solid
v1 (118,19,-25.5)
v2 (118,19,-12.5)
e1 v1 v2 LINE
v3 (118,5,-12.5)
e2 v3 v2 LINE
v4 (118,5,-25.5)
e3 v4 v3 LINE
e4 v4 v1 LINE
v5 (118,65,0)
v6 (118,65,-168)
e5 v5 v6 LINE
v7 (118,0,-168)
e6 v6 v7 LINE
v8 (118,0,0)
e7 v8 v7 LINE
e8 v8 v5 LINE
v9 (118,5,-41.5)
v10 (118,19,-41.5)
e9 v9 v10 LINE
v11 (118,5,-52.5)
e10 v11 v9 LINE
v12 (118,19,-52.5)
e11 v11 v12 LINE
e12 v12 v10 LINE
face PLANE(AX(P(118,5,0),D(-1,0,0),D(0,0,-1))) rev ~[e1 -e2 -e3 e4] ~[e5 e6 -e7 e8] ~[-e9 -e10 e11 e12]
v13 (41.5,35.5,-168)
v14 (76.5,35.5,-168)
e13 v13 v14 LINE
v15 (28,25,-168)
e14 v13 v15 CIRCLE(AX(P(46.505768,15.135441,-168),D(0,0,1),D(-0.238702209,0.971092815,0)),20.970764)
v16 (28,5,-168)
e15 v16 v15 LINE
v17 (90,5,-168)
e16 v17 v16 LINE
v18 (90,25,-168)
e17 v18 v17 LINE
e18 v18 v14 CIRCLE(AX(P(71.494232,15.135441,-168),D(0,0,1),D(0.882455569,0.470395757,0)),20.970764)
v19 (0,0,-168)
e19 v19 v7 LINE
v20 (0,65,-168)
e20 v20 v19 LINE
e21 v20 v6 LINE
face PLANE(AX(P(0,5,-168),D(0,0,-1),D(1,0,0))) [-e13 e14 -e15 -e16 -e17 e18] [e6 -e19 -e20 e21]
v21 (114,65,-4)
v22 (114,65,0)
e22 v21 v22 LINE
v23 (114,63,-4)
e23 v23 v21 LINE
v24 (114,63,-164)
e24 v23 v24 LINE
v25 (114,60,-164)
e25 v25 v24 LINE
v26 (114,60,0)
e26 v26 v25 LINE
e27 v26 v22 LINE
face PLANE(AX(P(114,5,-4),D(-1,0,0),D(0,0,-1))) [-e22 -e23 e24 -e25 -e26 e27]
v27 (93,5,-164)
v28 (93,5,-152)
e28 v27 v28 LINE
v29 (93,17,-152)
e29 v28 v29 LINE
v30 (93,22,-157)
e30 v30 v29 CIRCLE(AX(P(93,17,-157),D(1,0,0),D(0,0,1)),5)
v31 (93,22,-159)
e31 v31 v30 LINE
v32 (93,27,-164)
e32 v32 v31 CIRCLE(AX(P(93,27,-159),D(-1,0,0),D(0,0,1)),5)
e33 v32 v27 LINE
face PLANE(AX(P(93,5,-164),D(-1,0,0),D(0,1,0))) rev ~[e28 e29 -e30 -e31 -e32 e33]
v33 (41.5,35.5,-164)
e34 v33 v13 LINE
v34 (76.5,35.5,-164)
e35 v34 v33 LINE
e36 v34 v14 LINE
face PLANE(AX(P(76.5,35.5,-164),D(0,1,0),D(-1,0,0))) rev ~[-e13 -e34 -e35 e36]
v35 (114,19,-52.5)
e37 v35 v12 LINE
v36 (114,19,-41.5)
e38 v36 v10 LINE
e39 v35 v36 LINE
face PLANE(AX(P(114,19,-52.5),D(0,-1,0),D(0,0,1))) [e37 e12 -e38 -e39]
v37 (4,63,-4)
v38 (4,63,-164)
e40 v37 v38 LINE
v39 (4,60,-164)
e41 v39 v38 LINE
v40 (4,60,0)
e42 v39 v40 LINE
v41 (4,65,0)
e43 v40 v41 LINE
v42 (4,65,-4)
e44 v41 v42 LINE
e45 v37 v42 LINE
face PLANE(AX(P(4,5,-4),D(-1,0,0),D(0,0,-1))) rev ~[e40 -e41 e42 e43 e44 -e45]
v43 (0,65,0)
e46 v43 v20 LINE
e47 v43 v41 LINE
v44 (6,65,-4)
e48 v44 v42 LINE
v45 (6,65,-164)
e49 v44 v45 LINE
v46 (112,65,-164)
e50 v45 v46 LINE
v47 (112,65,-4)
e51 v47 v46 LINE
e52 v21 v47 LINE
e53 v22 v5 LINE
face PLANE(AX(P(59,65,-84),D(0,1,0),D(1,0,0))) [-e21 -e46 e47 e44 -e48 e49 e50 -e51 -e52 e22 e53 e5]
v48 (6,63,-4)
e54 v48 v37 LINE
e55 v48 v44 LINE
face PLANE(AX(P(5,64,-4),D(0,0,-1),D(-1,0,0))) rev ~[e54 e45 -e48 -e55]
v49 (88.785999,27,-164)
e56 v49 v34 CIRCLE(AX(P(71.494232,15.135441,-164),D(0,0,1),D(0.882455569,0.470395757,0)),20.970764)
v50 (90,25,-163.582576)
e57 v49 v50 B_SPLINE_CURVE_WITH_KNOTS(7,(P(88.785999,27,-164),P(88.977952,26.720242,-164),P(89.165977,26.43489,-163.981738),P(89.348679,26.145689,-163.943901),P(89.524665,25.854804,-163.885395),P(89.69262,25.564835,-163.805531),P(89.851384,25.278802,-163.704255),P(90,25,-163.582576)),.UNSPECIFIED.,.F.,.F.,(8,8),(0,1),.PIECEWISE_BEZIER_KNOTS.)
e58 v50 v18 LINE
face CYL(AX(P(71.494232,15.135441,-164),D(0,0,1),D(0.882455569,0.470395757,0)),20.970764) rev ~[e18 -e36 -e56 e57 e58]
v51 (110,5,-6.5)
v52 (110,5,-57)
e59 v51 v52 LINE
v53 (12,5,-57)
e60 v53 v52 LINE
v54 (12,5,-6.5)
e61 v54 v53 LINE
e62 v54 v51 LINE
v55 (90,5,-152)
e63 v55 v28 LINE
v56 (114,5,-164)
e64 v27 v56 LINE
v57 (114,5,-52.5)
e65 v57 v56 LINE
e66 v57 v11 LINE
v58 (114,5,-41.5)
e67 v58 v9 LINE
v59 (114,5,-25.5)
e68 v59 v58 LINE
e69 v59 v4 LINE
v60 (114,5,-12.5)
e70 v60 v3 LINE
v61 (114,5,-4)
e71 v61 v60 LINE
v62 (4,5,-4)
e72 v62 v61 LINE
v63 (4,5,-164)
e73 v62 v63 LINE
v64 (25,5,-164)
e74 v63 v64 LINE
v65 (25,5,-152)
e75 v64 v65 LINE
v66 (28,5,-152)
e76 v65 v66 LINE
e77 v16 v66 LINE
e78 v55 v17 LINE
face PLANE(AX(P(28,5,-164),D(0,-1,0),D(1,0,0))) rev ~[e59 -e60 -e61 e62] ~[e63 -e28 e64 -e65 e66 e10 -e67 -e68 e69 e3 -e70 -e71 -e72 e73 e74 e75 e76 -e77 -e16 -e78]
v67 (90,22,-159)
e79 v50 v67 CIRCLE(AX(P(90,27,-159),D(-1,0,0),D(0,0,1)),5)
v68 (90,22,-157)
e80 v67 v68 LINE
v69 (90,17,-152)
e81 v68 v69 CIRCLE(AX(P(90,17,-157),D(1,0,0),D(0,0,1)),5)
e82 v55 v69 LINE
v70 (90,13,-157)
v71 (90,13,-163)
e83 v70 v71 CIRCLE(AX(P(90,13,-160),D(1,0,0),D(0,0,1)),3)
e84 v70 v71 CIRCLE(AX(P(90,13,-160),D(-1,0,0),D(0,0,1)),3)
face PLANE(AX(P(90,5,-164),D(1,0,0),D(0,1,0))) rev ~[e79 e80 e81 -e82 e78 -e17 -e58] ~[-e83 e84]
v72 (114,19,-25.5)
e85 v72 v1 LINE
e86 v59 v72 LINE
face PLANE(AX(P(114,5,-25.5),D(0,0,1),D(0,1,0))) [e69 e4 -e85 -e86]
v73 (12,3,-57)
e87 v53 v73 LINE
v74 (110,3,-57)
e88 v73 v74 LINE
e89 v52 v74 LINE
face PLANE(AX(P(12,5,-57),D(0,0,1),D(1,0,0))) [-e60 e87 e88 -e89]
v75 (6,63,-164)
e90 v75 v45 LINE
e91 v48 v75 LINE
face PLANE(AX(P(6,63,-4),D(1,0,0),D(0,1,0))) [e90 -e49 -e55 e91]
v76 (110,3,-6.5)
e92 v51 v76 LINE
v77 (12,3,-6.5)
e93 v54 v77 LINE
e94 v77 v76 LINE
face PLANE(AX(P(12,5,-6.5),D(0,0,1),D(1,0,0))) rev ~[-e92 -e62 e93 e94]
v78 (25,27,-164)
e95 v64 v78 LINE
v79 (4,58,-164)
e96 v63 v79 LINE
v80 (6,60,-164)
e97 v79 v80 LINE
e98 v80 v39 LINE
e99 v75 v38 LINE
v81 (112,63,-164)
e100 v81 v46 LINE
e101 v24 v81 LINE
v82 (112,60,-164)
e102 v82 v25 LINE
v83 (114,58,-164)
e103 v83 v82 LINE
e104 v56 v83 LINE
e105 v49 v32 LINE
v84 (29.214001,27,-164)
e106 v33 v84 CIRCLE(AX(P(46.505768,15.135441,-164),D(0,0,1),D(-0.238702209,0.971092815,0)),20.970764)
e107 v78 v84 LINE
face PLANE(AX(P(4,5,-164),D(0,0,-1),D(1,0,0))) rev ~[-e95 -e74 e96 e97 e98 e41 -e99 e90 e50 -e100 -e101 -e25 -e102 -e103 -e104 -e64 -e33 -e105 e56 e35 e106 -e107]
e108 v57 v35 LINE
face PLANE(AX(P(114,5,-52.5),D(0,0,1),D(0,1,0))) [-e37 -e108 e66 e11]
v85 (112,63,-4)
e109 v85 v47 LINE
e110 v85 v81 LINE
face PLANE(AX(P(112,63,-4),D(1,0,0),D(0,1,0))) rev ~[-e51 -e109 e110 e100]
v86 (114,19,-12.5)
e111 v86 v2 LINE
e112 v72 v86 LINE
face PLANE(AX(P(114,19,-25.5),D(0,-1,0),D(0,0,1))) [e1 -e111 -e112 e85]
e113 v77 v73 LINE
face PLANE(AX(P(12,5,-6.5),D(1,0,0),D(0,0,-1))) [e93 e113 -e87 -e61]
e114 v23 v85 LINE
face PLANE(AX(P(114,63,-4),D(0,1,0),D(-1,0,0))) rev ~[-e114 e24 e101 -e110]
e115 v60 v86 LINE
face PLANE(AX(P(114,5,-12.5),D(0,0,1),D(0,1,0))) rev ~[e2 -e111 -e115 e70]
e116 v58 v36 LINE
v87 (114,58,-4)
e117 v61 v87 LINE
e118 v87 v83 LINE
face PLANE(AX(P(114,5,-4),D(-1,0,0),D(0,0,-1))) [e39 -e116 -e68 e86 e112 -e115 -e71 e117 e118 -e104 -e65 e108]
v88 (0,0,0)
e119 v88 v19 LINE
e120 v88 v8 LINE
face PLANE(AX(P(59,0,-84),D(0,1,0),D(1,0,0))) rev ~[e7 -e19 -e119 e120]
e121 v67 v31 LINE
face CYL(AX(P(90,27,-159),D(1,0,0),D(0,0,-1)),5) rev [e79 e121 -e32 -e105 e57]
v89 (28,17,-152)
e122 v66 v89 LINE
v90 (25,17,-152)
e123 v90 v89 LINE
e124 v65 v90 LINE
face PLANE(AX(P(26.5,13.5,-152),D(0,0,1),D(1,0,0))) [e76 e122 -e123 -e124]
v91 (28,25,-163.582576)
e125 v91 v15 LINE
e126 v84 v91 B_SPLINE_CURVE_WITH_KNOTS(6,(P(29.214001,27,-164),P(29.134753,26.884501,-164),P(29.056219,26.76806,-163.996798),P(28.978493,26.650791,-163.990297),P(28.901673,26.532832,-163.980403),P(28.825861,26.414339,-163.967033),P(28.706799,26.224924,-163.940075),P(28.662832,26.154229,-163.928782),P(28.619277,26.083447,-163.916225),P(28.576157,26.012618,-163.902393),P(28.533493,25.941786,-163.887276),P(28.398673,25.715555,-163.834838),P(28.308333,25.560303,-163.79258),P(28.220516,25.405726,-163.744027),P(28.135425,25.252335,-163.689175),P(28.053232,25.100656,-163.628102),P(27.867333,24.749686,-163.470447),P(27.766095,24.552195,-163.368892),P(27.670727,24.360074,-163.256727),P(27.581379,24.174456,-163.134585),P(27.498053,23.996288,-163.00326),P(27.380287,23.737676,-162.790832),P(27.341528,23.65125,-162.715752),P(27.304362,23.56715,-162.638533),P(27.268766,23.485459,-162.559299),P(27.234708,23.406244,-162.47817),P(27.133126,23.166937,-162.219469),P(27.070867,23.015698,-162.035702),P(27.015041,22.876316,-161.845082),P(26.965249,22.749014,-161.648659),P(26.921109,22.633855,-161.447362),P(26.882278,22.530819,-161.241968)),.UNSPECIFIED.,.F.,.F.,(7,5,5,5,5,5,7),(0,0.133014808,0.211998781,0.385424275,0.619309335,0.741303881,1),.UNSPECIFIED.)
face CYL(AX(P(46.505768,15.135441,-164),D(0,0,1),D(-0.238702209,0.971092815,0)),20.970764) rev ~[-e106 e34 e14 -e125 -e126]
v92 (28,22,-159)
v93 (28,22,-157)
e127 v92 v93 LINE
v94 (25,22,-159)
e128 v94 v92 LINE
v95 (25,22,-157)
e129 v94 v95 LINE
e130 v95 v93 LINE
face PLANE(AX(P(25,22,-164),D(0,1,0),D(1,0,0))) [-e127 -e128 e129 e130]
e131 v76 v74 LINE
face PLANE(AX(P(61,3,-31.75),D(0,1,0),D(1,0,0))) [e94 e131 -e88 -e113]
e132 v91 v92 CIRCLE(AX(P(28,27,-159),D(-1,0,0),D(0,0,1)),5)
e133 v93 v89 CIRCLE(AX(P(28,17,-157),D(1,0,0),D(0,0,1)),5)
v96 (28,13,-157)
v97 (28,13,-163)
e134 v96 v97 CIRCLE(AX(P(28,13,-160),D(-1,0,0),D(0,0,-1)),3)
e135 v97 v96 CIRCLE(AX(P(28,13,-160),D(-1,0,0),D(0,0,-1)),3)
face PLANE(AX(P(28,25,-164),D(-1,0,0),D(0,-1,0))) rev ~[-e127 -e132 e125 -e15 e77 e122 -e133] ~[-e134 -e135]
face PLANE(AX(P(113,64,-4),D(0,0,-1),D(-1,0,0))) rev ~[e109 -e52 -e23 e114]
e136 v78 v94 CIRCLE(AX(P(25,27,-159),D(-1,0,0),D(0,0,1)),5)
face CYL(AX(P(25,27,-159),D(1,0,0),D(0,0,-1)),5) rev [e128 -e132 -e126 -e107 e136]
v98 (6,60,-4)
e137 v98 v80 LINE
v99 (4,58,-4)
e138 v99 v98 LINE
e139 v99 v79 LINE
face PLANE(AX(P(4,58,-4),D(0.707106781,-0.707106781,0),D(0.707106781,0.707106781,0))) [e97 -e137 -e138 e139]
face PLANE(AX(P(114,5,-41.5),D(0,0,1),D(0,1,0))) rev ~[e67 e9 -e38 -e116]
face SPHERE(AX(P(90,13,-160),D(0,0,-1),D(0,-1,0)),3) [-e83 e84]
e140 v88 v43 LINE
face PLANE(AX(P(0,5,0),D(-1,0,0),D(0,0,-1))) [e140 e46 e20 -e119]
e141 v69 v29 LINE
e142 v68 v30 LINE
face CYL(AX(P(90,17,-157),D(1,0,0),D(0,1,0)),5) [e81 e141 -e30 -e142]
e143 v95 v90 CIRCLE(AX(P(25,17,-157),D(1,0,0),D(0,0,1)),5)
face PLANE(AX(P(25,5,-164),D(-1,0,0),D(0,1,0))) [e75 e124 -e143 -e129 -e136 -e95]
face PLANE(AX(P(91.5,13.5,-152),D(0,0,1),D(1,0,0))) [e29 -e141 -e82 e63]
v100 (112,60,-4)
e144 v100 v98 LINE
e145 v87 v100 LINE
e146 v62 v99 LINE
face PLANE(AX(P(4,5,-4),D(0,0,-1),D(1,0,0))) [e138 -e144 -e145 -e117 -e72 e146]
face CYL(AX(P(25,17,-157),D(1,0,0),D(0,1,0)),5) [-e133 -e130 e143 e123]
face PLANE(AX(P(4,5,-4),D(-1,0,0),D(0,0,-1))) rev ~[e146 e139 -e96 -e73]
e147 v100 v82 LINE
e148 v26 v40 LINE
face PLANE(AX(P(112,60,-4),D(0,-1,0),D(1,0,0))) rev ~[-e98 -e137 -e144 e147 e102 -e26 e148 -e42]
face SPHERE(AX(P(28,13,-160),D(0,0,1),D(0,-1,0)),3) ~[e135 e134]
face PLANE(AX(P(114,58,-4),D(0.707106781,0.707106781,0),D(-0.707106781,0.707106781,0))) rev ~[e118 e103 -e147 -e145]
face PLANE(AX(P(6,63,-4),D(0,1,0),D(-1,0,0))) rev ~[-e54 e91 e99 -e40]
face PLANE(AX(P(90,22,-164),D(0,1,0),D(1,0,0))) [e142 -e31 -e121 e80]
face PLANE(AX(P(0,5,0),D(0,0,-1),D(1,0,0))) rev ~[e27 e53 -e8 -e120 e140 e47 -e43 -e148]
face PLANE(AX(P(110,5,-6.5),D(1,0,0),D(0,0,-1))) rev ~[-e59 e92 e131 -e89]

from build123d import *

# Parameters (mm, degrees)
SKETCH1_W           = 118
SKETCH1_H           = 168
BOSS_EXTRUDE1_DEPTH = 5
SKETCH2_W           = 118
SKETCH2_H           = 168
SKETCH2_W_2         = 110
SKETCH2_H_2         = 160
BOSS_EXTRUDE2_DEPTH = 60
SKETCH3_W           = 13
SKETCH3_H           = 14
SKETCH3_W_2         = 11
CUT_EXTRUDE1_DEPTH  = 10
SKETCH4_W           = 98
SKETCH4_H           = 50.5
CUT_EXTRUDE2_DEPTH  = 2
CUT_EXTRUDE3_DEPTH  = 10
SKETCH6_W           = 3
SKETCH6_H           = 17
BOSS_EXTRUDE3_DEPTH = 12
REVOLVE2_ANGLE      = 180
FILLET1_R           = 5
SKETCH10_W          = 110
SKETCH10_H          = 5
CUT_EXTRUDE4_DEPTH  = 12
SKETCH11_W          = 2
SKETCH11_H          = 2
BOSS_EXTRUDE4_DEPTH = 160


with BuildPart() as part:
    # Sketch1 → Boss-Extrude1 (new body)
    with BuildSketch(Plane(origin=(0, 0, 0), x_dir=(1, 0, 0), z_dir=(0, 1, 0))):
        with Locations((59, 84)):
            Rectangle(SKETCH1_W, SKETCH1_H)
    extrude(amount=BOSS_EXTRUDE1_DEPTH)

    # Sketch2 → Boss-Extrude2 (add)
    with BuildSketch(Plane(origin=(0, 5, 0), x_dir=(1, 0, 0), z_dir=(0, 1, 0))):
        with Locations((59, 84)):
            Rectangle(SKETCH2_W, SKETCH2_H)
        with Locations((59, 84)):
            Rectangle(SKETCH2_W_2, SKETCH2_H_2, mode=Mode.SUBTRACT)
    extrude(amount=BOSS_EXTRUDE2_DEPTH)

    # Sketch3 → Cut-Extrude1 (cut)
    with BuildSketch(Plane.ZY.offset(-114)):
        with Locations((-19, 12)):
            Rectangle(SKETCH3_W, SKETCH3_H)
        with Locations((-47, 12)):
            Rectangle(SKETCH3_W_2, SKETCH3_H)
    extrude(amount=-CUT_EXTRUDE1_DEPTH, mode=Mode.SUBTRACT)

    # Sketch4 → Cut-Extrude2 (cut)
    with BuildSketch(Plane(origin=(0, 5, 0), x_dir=(1, 0, 0), z_dir=(0, 1, 0))):
        with Locations((61, 31.75)):
            Rectangle(SKETCH4_W, SKETCH4_H)
    extrude(amount=-CUT_EXTRUDE2_DEPTH, mode=Mode.SUBTRACT)

    # Sketch5 → Cut-Extrude3 (cut)
    with BuildSketch(Plane.XY.offset(-164)):
        with BuildLine():
            Line((59, 5), (90, 5))
            Line((90, 5), (90, 25))
            ThreePointArc((90, 25), (84.369036145, 31.688760758), (76.5, 35.5))
            Line((76.5, 35.5), (41.5, 35.5))
            ThreePointArc((41.5, 35.5), (33.630963855, 31.688760758), (28, 25))
            Line((28, 25), (28, 5))
            Line((28, 5), (59, 5))
        make_face()
    extrude(amount=-CUT_EXTRUDE3_DEPTH, mode=Mode.SUBTRACT)

    # Sketch6 → Boss-Extrude3 (add)
    with BuildSketch(Plane.XY.offset(-164)):
        with Locations((26.5, 13.5)):
            Rectangle(SKETCH6_W, SKETCH6_H)
        with Locations((91.5, 13.5)):
            Rectangle(SKETCH6_W, SKETCH6_H)
    extrude(amount=BOSS_EXTRUDE3_DEPTH)

    # Sketch7 → Revolve1 (revolve)
    with BuildSketch(Plane(origin=(28, 0, 0), x_dir=(0, 0, -1), z_dir=(1, 0, 0))):
        with BuildLine():
            Line((157, 13), (163, 13))
            ThreePointArc((163, 13), (160, 10), (157, 13))
        make_face()
    revolve(axis=Axis((28, 13, -157), (0, 0, -1)))

    # Sketch9 → Revolve2 (revolve)
    with BuildSketch(Plane.ZY.offset(-90)):
        with BuildLine():
            Line((-163, 13), (-157, 13))
            ThreePointArc((-157, 13), (-160, 10), (-163, 13))
        make_face()
    revolve(axis=Axis((90, 13, -163), (0, 0, -1)), revolution_arc=REVOLVE2_ANGLE)

    # Fillet1
    fillet1_edges = [part.edges().sort_by_distance(p)[0] for p in [
        (91.5, 22, -152),
        (91.5, 22, -164),
        (26.5, 22, -164),
        (26.5, 22, -152),
    ]]
    fillet(fillet1_edges, radius=FILLET1_R)

    # Sketch10 → Cut-Extrude4 (cut)
    with BuildSketch(Plane(origin=(0, 0, -4), x_dir=(-1, 0, 0), z_dir=(0, 0, -1))):
        with Locations((-59, 62.5)):
            Rectangle(SKETCH10_W, SKETCH10_H)
    extrude(amount=-CUT_EXTRUDE4_DEPTH, mode=Mode.SUBTRACT)

    # Sketch11 → Boss-Extrude4 (add)
    with BuildSketch(Plane(origin=(0, 0, -4), x_dir=(-1, 0, 0), z_dir=(0, 0, -1))):
        Polygon((-114, 60), (-114, 58), (-112, 60), align=None)
        Polygon((-4, 60), (-4, 58), (-6, 60), align=None)
        with Locations((-113, 64)):
            Rectangle(SKETCH11_W, SKETCH11_H)
        with Locations((-5, 64)):
            Rectangle(SKETCH11_W, SKETCH11_H)
    extrude(amount=BOSS_EXTRUDE4_DEPTH)


solid = part.part
